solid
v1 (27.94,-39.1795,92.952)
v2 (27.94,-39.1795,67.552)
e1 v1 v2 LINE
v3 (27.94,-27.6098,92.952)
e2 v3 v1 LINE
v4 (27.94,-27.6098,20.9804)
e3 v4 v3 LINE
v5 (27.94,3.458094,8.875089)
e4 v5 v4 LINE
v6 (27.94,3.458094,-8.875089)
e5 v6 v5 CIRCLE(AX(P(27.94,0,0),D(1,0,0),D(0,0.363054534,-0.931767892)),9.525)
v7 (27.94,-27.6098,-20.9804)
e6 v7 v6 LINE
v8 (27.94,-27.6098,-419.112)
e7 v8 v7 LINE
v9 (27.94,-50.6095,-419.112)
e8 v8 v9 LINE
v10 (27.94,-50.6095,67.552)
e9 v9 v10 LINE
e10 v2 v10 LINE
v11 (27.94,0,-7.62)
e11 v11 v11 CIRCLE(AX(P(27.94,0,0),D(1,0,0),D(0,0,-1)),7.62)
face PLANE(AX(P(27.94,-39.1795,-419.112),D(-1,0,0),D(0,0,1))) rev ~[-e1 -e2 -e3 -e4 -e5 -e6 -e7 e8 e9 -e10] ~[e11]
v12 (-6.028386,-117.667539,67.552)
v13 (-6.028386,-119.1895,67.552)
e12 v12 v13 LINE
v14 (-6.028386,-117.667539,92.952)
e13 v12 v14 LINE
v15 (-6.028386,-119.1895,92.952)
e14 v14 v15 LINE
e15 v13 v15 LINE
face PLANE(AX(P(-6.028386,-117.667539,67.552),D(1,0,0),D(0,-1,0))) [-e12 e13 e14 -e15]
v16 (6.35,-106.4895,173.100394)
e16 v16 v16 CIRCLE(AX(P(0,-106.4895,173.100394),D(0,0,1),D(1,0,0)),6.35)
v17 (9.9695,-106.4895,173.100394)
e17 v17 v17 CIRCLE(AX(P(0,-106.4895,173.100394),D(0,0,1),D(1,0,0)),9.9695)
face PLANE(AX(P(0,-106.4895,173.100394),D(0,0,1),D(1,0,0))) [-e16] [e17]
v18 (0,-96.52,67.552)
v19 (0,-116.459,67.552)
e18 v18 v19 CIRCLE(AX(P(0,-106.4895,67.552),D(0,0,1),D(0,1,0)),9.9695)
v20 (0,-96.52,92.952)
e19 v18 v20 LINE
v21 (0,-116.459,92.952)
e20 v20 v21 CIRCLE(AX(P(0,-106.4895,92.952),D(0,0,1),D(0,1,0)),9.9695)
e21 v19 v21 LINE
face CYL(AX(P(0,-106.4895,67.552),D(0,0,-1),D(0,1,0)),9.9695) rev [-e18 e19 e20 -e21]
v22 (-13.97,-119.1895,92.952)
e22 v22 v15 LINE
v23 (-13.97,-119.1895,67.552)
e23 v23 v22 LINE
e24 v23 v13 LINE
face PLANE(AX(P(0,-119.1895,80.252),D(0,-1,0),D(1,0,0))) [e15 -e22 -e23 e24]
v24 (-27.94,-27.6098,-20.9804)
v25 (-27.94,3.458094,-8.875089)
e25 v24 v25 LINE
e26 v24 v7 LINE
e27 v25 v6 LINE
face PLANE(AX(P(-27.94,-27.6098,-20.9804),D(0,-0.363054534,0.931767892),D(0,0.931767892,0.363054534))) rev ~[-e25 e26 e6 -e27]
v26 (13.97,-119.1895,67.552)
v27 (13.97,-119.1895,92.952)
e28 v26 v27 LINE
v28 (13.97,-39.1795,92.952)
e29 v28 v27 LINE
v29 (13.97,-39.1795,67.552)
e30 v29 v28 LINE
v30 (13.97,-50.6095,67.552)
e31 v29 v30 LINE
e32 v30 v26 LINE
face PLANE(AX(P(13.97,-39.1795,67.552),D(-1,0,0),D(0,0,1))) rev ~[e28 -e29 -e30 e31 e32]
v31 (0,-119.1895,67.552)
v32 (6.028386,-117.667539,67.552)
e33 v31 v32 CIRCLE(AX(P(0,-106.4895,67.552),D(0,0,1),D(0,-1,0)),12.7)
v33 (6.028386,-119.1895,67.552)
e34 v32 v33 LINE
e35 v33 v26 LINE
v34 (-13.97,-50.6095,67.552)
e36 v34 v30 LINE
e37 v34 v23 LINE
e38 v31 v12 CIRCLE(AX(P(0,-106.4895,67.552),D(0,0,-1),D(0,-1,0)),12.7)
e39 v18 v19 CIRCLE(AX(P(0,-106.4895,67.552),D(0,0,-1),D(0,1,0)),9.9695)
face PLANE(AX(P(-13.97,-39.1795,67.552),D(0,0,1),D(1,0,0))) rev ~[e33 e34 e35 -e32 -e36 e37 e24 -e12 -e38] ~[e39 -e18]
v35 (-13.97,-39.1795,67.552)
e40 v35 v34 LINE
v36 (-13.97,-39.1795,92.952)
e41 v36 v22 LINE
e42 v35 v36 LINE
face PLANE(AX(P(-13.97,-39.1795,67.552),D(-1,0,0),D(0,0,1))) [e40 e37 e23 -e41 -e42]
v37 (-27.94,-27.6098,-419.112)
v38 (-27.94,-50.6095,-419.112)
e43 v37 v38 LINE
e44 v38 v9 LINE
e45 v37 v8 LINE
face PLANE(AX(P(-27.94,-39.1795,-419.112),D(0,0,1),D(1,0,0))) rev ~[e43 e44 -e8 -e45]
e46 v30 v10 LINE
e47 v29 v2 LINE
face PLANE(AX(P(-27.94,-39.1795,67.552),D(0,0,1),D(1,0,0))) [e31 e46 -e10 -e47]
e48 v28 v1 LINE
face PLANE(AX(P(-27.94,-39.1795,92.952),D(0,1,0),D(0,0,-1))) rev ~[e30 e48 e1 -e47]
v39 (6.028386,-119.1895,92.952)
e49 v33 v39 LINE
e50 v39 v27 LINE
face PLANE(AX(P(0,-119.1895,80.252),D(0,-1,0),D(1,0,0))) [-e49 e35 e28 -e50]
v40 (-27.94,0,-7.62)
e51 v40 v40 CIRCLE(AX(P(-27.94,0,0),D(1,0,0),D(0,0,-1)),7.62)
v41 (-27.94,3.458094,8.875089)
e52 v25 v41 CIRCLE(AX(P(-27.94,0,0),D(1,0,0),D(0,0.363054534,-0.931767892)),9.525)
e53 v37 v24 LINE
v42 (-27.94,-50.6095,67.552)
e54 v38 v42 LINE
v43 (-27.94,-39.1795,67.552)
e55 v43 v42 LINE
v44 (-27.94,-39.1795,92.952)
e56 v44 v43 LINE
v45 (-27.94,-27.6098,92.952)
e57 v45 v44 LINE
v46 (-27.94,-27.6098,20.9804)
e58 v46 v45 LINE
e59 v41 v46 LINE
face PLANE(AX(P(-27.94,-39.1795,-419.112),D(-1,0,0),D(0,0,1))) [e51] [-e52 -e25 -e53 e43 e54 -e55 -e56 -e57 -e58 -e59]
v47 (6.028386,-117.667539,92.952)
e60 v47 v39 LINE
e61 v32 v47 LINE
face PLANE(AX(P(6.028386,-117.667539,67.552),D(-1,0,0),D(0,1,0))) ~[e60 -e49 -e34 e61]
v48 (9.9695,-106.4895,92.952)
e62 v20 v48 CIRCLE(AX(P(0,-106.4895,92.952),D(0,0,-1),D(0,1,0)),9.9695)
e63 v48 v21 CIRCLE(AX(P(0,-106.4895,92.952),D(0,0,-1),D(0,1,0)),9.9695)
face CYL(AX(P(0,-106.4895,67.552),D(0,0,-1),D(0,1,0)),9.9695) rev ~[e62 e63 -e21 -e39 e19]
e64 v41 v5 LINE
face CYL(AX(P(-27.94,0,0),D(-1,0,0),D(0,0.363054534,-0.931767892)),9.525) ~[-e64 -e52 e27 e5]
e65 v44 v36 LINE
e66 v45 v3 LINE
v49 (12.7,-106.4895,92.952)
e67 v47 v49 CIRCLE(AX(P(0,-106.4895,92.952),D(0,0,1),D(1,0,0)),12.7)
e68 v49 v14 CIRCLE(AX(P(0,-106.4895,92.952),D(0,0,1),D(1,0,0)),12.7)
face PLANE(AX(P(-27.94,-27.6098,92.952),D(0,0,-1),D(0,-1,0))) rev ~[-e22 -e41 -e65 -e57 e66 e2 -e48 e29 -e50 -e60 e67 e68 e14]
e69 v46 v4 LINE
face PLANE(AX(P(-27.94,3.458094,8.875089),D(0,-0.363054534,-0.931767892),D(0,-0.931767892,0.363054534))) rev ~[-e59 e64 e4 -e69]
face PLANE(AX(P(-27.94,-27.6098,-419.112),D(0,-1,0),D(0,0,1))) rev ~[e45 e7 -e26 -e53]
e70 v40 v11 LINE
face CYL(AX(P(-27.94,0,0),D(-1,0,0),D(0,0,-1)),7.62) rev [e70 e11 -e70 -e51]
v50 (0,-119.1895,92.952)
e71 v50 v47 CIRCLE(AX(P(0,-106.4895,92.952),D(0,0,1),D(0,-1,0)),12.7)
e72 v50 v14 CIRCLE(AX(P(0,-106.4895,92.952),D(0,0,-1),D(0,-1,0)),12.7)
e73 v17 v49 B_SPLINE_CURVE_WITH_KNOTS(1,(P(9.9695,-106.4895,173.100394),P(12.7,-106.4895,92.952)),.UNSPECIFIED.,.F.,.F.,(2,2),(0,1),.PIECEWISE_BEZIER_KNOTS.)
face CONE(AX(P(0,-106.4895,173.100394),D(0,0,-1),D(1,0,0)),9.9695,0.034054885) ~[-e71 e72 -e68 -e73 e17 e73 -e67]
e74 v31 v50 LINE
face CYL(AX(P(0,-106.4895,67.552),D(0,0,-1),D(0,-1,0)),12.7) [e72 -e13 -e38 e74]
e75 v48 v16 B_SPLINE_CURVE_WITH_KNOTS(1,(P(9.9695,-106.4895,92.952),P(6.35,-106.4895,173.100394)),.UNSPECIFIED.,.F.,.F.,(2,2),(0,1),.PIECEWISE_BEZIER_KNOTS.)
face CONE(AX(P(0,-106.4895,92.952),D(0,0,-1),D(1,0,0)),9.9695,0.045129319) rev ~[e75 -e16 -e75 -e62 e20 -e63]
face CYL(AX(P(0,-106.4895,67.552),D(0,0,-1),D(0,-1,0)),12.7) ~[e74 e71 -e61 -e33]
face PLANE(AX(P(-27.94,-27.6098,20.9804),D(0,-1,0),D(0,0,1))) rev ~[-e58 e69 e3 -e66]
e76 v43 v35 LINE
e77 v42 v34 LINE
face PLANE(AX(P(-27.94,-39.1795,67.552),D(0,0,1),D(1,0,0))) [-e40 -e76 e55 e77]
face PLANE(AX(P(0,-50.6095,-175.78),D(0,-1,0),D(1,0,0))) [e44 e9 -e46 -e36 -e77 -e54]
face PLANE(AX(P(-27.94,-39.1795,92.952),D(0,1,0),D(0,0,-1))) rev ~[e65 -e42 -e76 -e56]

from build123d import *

# Parameters (mm, degrees)
BOSS_EXTRUDE2_DEPTH      = 27.94
BOSS_EXTRUDE2_DEPTH_BACK = 27.94
SKETCH3_R                = 7.62
SKETCH4_W                = 27.94
SKETCH4_H                = 25.4
BOSS_EXTRUDE3_DEPTH      = 80.01
CUT_EXTRUDE4_DEPTH       = 25.4
SKETCH9_R                = 9.9695
SKETCH10_R               = 12.7
SKETCH11_R               = 9.9695
SKETCH12_R               = 6.35
SKETCH14_W               = 55.88
SKETCH14_H               = 486.664
BOSS_EXTRUDE5_DEPTH      = 11.43


with BuildPart() as part:
    # Sketch3 → Boss-Extrude2 (new, two sides: drawn at the far end of the back side and taken through both)
    with BuildSketch(Plane(origin=(0, 0, 0), x_dir=(0, 0, -1), z_dir=(1, 0, 0)).offset(-BOSS_EXTRUDE2_DEPTH_BACK)):
        with BuildLine():
            Line((419.112, -27.6098), (28.956316714, -27.6098))
            Line((28.956316714, -27.6098), (20.9804, -27.6098))
            Line((20.9804, -27.6098), (8.875089173, 3.458094441))
            ThreePointArc((8.875089173, 3.458094441), (0, 9.525), (-8.875089173, 3.458094441))
            Line((-8.875089173, 3.458094441), (-20.9804, -27.6098))
            Line((-20.9804, -27.6098), (-28.958958547, -27.6098))
            Line((-28.958958547, -27.6098), (-92.952, -27.6098))
            Line((-92.952, -27.6098), (-92.952, -39.1795))
            Line((-92.952, -39.1795), (419.112, -39.1795))
            Line((419.112, -39.1795), (419.112, -27.6098))
        make_face()
        Circle(SKETCH3_R, mode=Mode.SUBTRACT)
    extrude(amount=BOSS_EXTRUDE2_DEPTH + BOSS_EXTRUDE2_DEPTH_BACK)

    # Sketch4 → Boss-Extrude3 (add)
    with BuildSketch(Plane.XZ.offset(39.1795)):
        with Locations((0, 80.252)):
            Rectangle(SKETCH4_W, SKETCH4_H)
    extrude(amount=BOSS_EXTRUDE3_DEPTH)

    # Sketch5 → Cut-Extrude4 (cut)
    with BuildSketch(Plane(origin=(0, 0, 67.552), x_dir=(-1, 0, 0), z_dir=(0, 0, -1))):
        with BuildLine():
            Line((6.02838635, -117.667539095), (6.02838635, -119.1895))
            Line((6.02838635, -119.1895), (0, -119.1895))
            ThreePointArc((0, -119.1895), (3.108770134, -118.803132618), (6.02838635, -117.667539095))
        make_face()
        with BuildLine():
            Line((0, -116.459), (0, -96.52))
            ThreePointArc((0, -96.52), (9.9695, -106.4895), (0, -116.459))
        make_face()
    cut_extrude4 = extrude(amount=-CUT_EXTRUDE4_DEPTH, mode=Mode.SUBTRACT)

    # Mirror1: Cut-Extrude4 across plane
    add(cut_extrude4.mirror(Plane(origin=(0, -116.459, 115.244479702), x_dir=(0, 0, 1), z_dir=(1, 0, 0))), mode=Mode.SUBTRACT)

    # Sketch9 → Loft1 section 0
    with BuildSketch(Plane.XY.offset(173.10039435)):
        with Locations((0, -106.4895)):
            Circle(SKETCH9_R)
    # Sketch10 → Loft1 section 1
    with BuildSketch(Plane.XY.offset(92.952)):
        with Locations((0, -106.4895)):
            Circle(SKETCH10_R)
    loft()

    # Sketch11 → Cut-Loft1 section 0
    with BuildSketch(Plane.XY.offset(92.952)):
        with Locations((0, -106.4895)):
            Circle(SKETCH11_R)
    # Sketch12 → Cut-Loft1 section 1
    with BuildSketch(Plane.XY.offset(173.10039435)):
        with Locations((0, -106.4895)):
            Circle(SKETCH12_R)
    loft(mode=Mode.SUBTRACT)

    # Sketch14 → Boss-Extrude5 (add)
    with BuildSketch(Plane.XZ.offset(39.1795)):
        with Locations((0, -175.78)):
            Rectangle(SKETCH14_W, SKETCH14_H)
    extrude(amount=BOSS_EXTRUDE5_DEPTH)


solid = part.part
